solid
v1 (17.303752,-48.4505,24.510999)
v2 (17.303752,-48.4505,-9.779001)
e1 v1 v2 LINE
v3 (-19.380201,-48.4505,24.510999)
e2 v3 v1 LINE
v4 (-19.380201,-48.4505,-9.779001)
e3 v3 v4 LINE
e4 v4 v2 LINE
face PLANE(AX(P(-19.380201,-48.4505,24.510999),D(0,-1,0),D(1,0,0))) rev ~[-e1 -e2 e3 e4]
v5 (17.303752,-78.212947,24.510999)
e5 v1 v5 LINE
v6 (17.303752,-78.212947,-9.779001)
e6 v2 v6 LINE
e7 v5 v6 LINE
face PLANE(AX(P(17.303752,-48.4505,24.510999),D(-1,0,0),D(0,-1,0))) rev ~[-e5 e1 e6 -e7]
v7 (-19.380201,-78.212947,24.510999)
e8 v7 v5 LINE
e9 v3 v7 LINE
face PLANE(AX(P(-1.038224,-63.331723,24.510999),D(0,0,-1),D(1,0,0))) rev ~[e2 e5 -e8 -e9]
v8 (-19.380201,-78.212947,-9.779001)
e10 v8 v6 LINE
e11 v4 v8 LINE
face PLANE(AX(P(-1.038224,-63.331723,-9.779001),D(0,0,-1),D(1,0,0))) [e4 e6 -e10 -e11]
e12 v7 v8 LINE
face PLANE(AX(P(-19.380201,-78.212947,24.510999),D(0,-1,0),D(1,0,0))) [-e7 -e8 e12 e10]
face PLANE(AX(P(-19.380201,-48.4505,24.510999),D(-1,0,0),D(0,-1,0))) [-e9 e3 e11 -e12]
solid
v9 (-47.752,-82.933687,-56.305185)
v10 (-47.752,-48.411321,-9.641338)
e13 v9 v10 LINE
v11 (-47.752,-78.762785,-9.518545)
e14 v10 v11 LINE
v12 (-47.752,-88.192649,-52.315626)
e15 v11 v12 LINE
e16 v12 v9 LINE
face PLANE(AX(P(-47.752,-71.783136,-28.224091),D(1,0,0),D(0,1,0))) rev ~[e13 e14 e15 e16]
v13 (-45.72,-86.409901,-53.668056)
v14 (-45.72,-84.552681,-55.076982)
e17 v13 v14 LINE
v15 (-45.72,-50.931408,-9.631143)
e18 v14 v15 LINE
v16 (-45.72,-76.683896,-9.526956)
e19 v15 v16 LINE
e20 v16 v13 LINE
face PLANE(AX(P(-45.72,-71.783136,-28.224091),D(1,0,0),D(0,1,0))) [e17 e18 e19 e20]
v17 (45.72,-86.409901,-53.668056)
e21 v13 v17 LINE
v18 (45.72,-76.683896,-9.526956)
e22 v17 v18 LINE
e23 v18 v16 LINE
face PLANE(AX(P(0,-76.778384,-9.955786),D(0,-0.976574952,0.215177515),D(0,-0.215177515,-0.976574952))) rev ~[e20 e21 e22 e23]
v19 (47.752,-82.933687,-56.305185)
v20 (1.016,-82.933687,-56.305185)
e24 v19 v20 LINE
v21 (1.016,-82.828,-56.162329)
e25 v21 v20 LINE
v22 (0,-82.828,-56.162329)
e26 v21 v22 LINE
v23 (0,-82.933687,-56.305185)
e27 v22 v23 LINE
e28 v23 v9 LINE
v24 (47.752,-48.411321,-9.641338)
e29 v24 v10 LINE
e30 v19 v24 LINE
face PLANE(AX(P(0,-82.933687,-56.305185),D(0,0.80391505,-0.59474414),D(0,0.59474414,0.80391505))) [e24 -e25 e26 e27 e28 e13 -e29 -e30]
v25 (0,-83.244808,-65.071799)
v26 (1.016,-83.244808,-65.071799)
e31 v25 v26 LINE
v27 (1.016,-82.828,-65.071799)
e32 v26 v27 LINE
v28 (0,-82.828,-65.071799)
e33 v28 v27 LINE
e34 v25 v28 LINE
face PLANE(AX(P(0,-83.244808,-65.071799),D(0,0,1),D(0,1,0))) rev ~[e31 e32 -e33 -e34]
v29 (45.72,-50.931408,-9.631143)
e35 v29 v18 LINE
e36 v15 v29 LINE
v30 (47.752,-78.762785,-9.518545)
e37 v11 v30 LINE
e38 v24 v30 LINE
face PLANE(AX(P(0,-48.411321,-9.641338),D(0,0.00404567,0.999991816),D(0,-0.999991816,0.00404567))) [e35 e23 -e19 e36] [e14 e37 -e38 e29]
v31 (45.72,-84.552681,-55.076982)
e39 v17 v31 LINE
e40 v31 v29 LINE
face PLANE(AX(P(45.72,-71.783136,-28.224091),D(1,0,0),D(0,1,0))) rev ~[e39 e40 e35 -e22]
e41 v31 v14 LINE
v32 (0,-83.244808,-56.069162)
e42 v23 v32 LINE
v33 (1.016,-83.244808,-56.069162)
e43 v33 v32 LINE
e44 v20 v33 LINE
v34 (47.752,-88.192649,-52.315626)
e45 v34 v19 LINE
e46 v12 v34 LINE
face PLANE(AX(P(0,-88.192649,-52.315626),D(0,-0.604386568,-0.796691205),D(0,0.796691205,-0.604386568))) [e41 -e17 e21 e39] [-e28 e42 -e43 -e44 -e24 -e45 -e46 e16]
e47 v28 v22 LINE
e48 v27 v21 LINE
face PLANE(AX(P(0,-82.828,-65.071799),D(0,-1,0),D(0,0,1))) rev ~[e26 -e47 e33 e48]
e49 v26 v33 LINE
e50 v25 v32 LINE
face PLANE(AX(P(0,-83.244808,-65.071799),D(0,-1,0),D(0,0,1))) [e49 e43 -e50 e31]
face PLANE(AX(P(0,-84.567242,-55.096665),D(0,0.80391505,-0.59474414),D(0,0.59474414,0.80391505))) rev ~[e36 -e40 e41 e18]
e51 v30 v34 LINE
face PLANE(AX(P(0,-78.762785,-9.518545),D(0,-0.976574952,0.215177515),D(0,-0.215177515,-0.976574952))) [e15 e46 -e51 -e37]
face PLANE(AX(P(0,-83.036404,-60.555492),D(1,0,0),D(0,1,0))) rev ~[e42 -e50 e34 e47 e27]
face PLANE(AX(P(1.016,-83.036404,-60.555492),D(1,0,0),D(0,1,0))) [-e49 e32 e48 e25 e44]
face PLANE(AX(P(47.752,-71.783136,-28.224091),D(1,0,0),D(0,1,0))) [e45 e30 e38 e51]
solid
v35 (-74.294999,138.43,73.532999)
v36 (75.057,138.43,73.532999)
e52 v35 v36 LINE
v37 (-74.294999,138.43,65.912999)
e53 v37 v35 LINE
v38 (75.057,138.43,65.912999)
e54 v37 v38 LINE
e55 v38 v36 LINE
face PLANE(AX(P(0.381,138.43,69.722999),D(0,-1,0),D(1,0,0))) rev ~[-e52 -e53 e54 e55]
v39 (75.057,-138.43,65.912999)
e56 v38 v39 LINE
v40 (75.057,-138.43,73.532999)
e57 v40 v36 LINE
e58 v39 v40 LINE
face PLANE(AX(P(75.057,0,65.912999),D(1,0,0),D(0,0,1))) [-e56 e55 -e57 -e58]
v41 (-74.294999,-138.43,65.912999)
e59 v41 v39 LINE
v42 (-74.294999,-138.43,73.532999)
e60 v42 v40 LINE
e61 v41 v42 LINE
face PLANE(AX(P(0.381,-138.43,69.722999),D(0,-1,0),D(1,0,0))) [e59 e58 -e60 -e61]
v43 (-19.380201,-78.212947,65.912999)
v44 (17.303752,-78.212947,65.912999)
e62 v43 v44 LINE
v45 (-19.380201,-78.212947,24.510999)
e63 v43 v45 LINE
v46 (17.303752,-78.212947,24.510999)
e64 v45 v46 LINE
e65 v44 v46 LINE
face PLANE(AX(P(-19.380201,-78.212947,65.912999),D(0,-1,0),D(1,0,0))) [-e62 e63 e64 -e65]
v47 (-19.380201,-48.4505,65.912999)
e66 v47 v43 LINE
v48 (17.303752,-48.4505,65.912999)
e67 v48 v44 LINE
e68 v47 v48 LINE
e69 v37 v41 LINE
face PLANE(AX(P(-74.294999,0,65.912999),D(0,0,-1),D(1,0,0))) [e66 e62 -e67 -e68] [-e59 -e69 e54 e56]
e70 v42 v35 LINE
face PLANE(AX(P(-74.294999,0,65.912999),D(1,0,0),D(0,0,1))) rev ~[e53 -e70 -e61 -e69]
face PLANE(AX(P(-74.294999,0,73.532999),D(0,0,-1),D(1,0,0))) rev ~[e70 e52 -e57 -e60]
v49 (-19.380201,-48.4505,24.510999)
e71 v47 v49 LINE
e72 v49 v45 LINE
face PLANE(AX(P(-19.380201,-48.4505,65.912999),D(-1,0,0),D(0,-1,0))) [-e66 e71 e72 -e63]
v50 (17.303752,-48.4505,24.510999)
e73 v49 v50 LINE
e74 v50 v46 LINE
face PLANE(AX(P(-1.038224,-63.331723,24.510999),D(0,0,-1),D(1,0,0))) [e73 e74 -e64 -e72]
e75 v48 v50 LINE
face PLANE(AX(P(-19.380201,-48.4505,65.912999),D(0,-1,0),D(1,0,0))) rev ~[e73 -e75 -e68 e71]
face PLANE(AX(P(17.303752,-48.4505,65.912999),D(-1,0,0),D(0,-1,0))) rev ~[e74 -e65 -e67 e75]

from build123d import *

# Parameters (mm, degrees)
F0_W      = 149.3519991636
F0_H      = 7.6199993491
F1_DEPTH  = 138.43
F2_W      = 36.6839524359
F2_H      = 29.7624468803
F3_DEPTH  = 41.402
F4_W      = 36.6839524359
F4_H      = 29.7624468803
F5_DEPTH  = 34.29
F7_DEPTH  = 47.752
F8_T      = -2.032
F9_W      = 0.4168078303
F9_H      = 9.0326145291
F10_DEPTH = 1.016


with BuildPart() as f1:
    # F0 (on Front) → F1 (new body, symmetric)
    with BuildSketch(Plane.XZ):
        with Locations((0.38100034, 69.7229988873)):
            Rectangle(F0_W, F0_H)
    extrude(amount=F1_DEPTH, both=True)

    # F2 (on face) → F3 (join)
    with BuildSketch(Plane(origin=(0, 0, 65.9129992127), x_dir=(1, 0, 0), z_dir=(0, 0, -1))):
        with Locations((-1.0382244363, 63.3317232132)):
            Rectangle(F2_W, F2_H)
    extrude(amount=F3_DEPTH)


with BuildPart() as f5:
    # F4 (on face) → F5 (new body)
    with BuildSketch(Plane(origin=(0, 0, 24.5109992127), x_dir=(1, 0, 0), z_dir=(0, 0, -1))):
        with Locations((-1.0382244363, 63.3317232132)):
            Rectangle(F4_W, F4_H)
    extrude(amount=F5_DEPTH)


with BuildPart() as f7:
    # F6 (on Right) → F7 (new body, symmetric)
    with BuildSketch(Plane.YZ):
        Polygon((-48.411320895, -9.6413381398), (-78.7627846003, -9.518545121), (-88.1926491857, -52.3156262934), (-82.9336866736, -56.3051849604), align=None)
    extrude(amount=F7_DEPTH, both=True)

    # F8
    f8_openings = [f7.faces().sort_by_distance(p)[0] for p in [
        (0, -85.563168, -54.310406),
        (0, -63.587053, -9.579942),
    ]]
    offset(amount=F8_T, openings=f8_openings)

    # F9 (on Right) → F10 (join)
    with BuildSketch(Plane.YZ):
        with Locations((-83.036404103, -60.5554915965)):
            Rectangle(F9_W, F9_H)
    extrude(amount=F10_DEPTH)


solid = Compound([f1.part, f5.part, f7.part])
